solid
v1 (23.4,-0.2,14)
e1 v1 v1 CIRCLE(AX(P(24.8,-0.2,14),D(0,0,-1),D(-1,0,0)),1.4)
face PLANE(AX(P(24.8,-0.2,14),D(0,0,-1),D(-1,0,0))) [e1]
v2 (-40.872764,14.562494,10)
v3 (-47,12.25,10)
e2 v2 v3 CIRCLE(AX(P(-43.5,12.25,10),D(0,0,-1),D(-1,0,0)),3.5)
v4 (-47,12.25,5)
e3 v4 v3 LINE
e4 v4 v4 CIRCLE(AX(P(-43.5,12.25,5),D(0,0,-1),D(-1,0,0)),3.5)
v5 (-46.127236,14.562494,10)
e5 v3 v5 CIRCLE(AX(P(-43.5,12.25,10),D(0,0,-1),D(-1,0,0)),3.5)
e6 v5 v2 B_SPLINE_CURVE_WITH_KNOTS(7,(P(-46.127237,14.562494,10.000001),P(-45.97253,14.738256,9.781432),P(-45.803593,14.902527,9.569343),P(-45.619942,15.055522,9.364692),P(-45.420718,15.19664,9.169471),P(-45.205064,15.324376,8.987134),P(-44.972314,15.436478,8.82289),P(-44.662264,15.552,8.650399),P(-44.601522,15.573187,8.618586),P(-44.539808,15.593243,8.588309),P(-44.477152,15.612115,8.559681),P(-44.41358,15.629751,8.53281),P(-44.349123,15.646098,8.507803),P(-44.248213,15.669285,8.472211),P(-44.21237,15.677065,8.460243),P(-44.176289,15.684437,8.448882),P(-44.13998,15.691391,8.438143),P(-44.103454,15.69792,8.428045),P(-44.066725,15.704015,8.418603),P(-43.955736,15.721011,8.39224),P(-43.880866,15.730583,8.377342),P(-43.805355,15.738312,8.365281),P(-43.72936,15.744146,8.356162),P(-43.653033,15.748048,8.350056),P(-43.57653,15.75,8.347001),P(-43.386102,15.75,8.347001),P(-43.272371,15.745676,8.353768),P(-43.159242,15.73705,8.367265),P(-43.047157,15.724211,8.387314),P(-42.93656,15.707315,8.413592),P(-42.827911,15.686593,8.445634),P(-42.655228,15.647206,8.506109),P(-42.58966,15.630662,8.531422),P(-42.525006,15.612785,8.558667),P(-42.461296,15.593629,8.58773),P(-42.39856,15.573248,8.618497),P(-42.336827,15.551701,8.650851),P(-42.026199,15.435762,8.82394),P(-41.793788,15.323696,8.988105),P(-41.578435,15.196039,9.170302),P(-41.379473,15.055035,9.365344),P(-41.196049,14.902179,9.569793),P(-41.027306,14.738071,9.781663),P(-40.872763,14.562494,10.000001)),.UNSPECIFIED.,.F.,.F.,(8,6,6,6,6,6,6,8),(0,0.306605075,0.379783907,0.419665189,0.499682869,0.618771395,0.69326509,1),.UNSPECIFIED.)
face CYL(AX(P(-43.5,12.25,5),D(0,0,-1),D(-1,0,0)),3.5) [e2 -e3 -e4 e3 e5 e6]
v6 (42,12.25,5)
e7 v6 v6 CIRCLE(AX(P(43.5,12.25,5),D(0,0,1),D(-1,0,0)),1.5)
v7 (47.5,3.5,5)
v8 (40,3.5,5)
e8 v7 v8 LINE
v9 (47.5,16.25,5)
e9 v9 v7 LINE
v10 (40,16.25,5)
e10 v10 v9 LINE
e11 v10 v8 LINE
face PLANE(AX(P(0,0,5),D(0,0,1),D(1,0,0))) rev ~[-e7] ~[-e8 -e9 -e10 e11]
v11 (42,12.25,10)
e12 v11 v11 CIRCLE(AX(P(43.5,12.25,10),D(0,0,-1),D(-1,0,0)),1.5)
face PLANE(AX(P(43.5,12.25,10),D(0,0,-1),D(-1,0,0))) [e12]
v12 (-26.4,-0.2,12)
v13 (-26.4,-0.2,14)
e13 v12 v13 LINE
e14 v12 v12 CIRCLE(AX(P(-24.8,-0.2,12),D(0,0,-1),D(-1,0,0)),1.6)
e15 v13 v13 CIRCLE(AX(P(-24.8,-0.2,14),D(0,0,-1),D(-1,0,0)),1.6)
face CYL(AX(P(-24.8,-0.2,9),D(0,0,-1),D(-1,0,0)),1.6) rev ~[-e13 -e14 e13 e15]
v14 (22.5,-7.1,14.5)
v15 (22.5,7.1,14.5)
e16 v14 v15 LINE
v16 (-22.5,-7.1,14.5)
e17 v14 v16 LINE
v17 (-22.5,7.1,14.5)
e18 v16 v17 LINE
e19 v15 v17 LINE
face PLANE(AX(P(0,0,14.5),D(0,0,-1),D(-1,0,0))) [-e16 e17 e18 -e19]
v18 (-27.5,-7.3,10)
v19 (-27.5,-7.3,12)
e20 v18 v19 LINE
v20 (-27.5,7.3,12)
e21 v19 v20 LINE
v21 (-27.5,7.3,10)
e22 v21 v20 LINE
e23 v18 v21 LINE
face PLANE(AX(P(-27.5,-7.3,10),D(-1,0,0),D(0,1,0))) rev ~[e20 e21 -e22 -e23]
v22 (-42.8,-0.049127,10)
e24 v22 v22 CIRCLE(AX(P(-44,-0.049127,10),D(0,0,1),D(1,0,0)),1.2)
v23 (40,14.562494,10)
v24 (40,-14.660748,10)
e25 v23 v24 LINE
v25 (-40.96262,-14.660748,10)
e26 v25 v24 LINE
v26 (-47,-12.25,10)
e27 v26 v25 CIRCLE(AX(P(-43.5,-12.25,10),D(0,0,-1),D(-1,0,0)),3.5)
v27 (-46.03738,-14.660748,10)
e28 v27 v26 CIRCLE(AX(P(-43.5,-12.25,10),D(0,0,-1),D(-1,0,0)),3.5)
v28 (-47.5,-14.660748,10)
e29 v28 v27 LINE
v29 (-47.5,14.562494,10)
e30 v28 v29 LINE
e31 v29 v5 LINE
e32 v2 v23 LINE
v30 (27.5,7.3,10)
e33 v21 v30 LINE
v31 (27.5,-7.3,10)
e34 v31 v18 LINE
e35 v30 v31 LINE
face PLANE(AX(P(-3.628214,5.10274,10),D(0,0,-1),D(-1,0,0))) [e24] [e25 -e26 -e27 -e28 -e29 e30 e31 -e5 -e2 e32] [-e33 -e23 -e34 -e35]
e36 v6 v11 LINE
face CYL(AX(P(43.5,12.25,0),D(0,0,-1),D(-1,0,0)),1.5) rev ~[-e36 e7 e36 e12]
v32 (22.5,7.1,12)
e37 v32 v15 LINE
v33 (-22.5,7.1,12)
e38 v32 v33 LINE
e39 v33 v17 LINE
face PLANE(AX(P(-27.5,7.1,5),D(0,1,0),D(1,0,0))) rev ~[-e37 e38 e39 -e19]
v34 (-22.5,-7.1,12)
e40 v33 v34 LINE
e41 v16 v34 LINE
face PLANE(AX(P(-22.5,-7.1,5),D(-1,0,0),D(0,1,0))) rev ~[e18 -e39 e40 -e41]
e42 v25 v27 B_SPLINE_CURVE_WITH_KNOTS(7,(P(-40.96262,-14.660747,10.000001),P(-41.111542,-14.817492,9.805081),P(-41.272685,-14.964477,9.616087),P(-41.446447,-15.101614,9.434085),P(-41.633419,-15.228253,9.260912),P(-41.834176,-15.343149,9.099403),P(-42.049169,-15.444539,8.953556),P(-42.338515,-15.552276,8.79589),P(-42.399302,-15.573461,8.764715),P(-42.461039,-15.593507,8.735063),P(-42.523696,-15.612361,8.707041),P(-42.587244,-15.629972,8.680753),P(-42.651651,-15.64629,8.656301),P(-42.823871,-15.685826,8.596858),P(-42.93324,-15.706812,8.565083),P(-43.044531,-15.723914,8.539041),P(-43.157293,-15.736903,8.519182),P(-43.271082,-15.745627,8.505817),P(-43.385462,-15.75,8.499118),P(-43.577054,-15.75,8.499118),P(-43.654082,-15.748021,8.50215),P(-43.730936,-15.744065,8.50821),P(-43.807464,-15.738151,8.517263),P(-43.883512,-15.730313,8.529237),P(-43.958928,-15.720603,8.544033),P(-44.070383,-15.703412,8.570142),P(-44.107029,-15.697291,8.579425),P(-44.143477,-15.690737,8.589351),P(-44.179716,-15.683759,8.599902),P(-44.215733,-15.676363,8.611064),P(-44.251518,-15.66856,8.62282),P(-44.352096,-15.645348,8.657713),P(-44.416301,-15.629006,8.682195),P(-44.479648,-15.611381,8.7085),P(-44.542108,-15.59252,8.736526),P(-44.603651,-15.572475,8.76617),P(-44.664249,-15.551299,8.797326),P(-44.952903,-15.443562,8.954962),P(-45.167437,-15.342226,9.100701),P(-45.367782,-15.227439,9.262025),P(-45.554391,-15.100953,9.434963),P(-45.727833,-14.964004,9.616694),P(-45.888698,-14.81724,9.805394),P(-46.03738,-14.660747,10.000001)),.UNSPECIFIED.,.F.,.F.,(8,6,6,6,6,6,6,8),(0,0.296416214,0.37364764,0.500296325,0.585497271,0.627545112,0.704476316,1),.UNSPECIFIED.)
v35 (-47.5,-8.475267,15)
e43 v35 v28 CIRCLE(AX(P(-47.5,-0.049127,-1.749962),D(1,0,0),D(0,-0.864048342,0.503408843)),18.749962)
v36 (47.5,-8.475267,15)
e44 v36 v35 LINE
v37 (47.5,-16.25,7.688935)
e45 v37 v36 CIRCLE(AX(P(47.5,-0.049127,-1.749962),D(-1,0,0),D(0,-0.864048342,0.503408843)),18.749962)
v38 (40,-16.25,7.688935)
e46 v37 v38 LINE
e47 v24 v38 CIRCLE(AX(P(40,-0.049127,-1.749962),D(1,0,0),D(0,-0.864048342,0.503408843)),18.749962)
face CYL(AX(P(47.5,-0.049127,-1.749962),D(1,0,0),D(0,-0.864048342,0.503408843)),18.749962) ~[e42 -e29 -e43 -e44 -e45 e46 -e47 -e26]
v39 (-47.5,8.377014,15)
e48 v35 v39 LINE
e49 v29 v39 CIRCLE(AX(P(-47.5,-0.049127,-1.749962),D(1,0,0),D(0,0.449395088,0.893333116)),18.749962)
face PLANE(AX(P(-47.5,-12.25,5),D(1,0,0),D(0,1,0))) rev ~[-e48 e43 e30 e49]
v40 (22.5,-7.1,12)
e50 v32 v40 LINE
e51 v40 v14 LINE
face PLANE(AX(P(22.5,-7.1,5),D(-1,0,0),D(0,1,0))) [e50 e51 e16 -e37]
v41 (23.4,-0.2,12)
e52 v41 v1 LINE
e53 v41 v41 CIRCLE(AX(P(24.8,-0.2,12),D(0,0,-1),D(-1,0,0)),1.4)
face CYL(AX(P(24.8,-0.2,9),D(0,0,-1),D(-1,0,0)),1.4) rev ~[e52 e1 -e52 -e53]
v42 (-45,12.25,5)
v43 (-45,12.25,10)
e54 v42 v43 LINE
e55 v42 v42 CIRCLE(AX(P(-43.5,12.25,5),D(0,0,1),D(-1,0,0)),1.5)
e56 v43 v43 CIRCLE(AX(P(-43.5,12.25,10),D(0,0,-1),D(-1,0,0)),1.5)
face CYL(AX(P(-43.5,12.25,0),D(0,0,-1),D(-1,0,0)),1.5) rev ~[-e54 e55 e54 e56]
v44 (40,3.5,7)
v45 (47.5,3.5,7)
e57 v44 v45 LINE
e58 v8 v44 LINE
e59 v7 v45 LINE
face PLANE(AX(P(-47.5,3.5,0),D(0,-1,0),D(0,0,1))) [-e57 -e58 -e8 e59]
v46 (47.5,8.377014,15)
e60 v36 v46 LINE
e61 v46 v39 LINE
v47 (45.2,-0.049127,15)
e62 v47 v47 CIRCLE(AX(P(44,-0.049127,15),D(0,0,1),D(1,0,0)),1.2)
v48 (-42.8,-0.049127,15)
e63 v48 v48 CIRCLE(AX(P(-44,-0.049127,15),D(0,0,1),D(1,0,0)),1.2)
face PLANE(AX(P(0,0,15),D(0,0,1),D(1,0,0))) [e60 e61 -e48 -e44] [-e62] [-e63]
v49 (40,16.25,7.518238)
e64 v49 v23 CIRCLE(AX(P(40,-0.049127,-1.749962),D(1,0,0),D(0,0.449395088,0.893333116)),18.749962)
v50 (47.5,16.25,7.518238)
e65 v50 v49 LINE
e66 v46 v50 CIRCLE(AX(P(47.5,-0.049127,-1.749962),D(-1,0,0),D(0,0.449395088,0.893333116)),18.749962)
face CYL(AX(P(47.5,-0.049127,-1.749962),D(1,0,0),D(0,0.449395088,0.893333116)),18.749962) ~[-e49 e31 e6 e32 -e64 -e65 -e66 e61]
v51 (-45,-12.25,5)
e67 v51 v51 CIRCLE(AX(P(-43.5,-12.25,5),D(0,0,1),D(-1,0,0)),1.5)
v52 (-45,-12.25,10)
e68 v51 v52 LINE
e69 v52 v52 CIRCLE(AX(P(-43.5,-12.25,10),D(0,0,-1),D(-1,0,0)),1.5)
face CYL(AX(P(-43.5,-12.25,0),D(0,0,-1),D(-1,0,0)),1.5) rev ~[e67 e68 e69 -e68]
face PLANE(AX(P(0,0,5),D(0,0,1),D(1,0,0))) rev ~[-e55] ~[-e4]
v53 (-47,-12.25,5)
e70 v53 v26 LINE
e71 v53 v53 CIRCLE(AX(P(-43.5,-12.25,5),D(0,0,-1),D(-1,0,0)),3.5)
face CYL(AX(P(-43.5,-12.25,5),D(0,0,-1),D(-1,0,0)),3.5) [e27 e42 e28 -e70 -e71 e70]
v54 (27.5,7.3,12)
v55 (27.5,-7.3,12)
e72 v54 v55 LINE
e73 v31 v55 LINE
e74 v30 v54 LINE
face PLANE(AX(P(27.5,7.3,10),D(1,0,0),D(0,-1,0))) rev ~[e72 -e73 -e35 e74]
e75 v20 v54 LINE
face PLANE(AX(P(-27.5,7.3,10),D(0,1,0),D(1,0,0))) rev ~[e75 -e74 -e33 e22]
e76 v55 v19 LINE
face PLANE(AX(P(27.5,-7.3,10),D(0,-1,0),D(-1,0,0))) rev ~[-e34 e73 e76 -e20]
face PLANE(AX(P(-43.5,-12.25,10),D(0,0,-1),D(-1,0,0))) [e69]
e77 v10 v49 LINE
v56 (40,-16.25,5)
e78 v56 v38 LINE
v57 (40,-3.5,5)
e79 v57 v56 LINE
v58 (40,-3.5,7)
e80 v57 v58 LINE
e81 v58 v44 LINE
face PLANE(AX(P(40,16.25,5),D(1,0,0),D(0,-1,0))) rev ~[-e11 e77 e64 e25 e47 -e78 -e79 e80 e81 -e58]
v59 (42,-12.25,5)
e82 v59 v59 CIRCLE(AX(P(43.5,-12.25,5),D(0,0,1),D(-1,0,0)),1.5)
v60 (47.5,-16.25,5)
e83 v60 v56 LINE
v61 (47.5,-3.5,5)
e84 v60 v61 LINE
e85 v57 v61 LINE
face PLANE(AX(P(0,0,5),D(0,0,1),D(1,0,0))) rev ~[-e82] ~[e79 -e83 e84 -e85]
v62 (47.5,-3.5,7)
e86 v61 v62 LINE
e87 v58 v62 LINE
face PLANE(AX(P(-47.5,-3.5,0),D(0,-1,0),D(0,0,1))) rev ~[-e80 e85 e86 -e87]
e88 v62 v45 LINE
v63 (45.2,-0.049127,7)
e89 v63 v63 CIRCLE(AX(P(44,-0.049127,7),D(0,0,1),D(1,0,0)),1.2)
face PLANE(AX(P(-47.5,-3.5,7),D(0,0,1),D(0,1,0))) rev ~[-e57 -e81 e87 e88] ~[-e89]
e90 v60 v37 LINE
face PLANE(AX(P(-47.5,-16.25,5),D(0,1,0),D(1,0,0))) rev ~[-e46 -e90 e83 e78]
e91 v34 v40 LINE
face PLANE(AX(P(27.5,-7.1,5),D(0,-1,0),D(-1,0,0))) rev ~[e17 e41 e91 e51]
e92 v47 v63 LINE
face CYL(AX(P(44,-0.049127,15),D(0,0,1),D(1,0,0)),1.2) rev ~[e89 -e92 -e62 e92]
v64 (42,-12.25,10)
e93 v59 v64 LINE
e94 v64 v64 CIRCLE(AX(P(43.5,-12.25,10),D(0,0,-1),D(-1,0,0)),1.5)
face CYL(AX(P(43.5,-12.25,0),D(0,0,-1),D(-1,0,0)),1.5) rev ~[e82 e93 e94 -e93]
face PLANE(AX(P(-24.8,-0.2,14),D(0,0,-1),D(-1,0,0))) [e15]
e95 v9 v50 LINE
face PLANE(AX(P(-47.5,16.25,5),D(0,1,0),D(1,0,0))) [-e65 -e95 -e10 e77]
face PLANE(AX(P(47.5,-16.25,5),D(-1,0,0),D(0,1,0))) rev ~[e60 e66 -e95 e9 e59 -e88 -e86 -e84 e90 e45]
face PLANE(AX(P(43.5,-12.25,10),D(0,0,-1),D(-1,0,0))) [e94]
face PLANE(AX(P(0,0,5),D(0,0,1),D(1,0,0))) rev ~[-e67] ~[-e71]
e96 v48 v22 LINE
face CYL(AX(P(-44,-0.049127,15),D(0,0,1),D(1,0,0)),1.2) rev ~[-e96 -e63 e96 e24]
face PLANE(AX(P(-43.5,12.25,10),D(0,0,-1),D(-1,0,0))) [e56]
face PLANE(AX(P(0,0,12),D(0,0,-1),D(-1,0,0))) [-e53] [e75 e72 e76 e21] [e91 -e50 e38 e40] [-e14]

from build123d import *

# Parameters (mm, degrees)
SKETCH1_R             = 4
SKETCH1_R_2           = 1.5
BOSS_EXTRUDE1_DEPTH   = 5
BOSS_EXTRUDE1_2_DEPTH = 5
BOSS_EXTRUDE1_3_DEPTH = 5
BOSS_EXTRUDE1_4_DEPTH = 5
SKETCH2_W             = 95
SKETCH2_H             = 32.5
BOSS_EXTRUDE2_DEPTH   = 10
SKETCH3_W             = 45
SKETCH3_H             = 14.2
CUT_EXTRUDE1_DEPTH    = 9
SKETCH4_W             = 5
SKETCH4_H             = 14.2
SKETCH4_W_2           = 45
CUT_EXTRUDE2_DEPTH    = 4
SKETCH5_R             = 1.4
SKETCH5_R_2           = 1.6
CUT_EXTRUDE3_DEPTH    = 5
BOSS_EXTRUDE3_DEPTH   = 5
CUT_EXTRUDE5_DEPTH    = 96
SKETCH9_W             = 7
SKETCH9_H             = 7
CUT_EXTRUDE6_DEPTH    = 96
SKETCH10_R            = 1.2
CUT_EXTRUDE7_DEPTH    = 16
SKETCH12_R            = 1.5
CUT_EXTRUDE9_DEPTH    = 10
SKETCH13_W            = 95
SKETCH13_H            = 32.5
CUT_EXTRUDE10_DEPTH   = 5
SKETCH14_R            = 3.5
CUT_EXTRUDE11_DEPTH   = 5
SKETCH15_W            = 45
SKETCH15_H            = 14.2
CUT_EXTRUDE12_DEPTH   = 0.5
SKETCH16_R            = 1.4
SKETCH16_R_2          = 1.6
SKETCH16_W            = 45
SKETCH16_H            = 14.2
CUT_EXTRUDE13_DEPTH   = 2


with BuildPart() as part:
    # Sketch1 → Boss-Extrude1 (new body)
    with BuildSketch(Plane.XY):
        with Locations((-43.5, -12.25)):
            Circle(SKETCH1_R)
        with Locations((-43.5, -12.25)):
            Circle(SKETCH1_R_2, mode=Mode.SUBTRACT)
    extrude(amount=BOSS_EXTRUDE1_DEPTH)



with BuildPart() as body_2:
    # Sketch1 → Boss-Extrude1 2 (new body)
    with BuildSketch(Plane.XY):
        with Locations((-43.5, 12.25)):
            Circle(SKETCH1_R)
        with Locations((-43.5, 12.25)):
            Circle(SKETCH1_R_2, mode=Mode.SUBTRACT)
    extrude(amount=BOSS_EXTRUDE1_2_DEPTH)


with BuildPart() as body_3:
    # Sketch1 → Boss-Extrude1 3 (new body)
    with BuildSketch(Plane.XY):
        with Locations((43.5, -12.25)):
            Circle(SKETCH1_R)
        with Locations((43.5, -12.25)):
            Circle(SKETCH1_R_2, mode=Mode.SUBTRACT)
    extrude(amount=BOSS_EXTRUDE1_3_DEPTH)


with BuildPart() as body_4:
    # Sketch1 → Boss-Extrude1 4 (new body)
    with BuildSketch(Plane.XY):
        with Locations((43.5, 12.25)):
            Circle(SKETCH1_R)
        with Locations((43.5, 12.25)):
            Circle(SKETCH1_R_2, mode=Mode.SUBTRACT)
    extrude(amount=BOSS_EXTRUDE1_4_DEPTH)


with BuildPart() as part_1:
    add(part.part)

    add(body_2.part)  # Boss-Extrude2 merges body 2

    add(body_3.part)  # Boss-Extrude2 merges body 3

    add(body_4.part)  # Boss-Extrude2 merges body 4
    # Sketch2 → Boss-Extrude2 (add)
    with BuildSketch(Plane.XY.offset(5)):
        Rectangle(SKETCH2_W, SKETCH2_H)
    extrude(amount=BOSS_EXTRUDE2_DEPTH)

    # Sketch3 → Cut-Extrude1 (cut)
    with BuildSketch(Plane(origin=(0, 0, 5), x_dir=(-1, 0, 0), z_dir=(0, 0, -1))):
        Rectangle(SKETCH3_W, SKETCH3_H)
    extrude(amount=-CUT_EXTRUDE1_DEPTH, mode=Mode.SUBTRACT)

    # Sketch4 → Cut-Extrude2 (cut)
    with BuildSketch(Plane(origin=(0, 0, 5), x_dir=(-1, 0, 0), z_dir=(0, 0, -1))):
        with Locations((-25, 0)):
            Rectangle(SKETCH4_W, SKETCH4_H)
        Rectangle(SKETCH4_W_2, SKETCH4_H)
        with Locations((25, 0)):
            Rectangle(SKETCH4_W, SKETCH4_H)
    extrude(amount=-CUT_EXTRUDE2_DEPTH, mode=Mode.SUBTRACT)

    # Sketch5 → Cut-Extrude3 (cut)
    with BuildSketch(Plane(origin=(0, 0, 9), x_dir=(-1, 0, 0), z_dir=(0, 0, -1))):
        with Locations((-24.8, -0.2)):
            Circle(SKETCH5_R)
        with Locations((24.8, -0.2)):
            Circle(SKETCH5_R_2)
    extrude(amount=-CUT_EXTRUDE3_DEPTH, mode=Mode.SUBTRACT)

    # Sketch6 → Boss-Extrude3 (add)
    with BuildSketch(Plane(origin=(0, 0, 5), x_dir=(-1, 0, 0), z_dir=(0, 0, -1))):
        with BuildLine():
            ThreePointArc((47.5, 12.25), (43.5, 8.25), (39.5, 12.25))
            Line((39.5, 12.25), (39.5, -12.25))
            ThreePointArc((39.5, -12.25), (43.5, -8.25), (47.5, -12.25))
            Line((47.5, -12.25), (47.5, 12.25))
        make_face()
        with BuildLine():
            ThreePointArc((-39.5, 12.25), (-43.5, 8.25), (-47.5, 12.25))
            Line((-47.5, 12.25), (-47.5, -12.25))
            ThreePointArc((-47.5, -12.25), (-43.5, -8.25), (-39.5, -12.25))
            Line((-39.5, -12.25), (-39.5, 12.25))
        make_face()
    extrude(amount=BOSS_EXTRUDE3_DEPTH)

    # Sketch8 → Cut-Extrude5 (cut, through all)
    with BuildSketch(Plane(origin=(47.5, 0, 0), x_dir=(0, 0, -1), z_dir=(1, 0, 0))):
        with BuildLine():
            ThreePointArc((-15, 8.377014021), (-11.841659381, 12.867099577), (-7.518238456, 16.25))
            Line((-7.518238456, 16.25), (-15, 16.25))
            Line((-15, 16.25), (-15, 8.377014021))
        make_face()
        with BuildLine():
            Line((-15, -16.25), (-7.688934819, -16.25))
            ThreePointArc((-7.688934819, -16.25), (-11.909309532, -12.893789895), (-15, -8.475267356))
            Line((-15, -8.475267356), (-15, -16.25))
        make_face()
    extrude(amount=-CUT_EXTRUDE5_DEPTH, mode=Mode.SUBTRACT)

    # Sketch9 → Cut-Extrude6 (cut, through all)
    with BuildSketch(Plane.ZY.offset(47.5)):
        with Locations((3.5, 0)):
            Rectangle(SKETCH9_W, SKETCH9_H)
    extrude(amount=-CUT_EXTRUDE6_DEPTH, mode=Mode.SUBTRACT)

    # Sketch10 → Cut-Extrude7 (cut, through all)
    with BuildSketch(Plane.XY.offset(15)):
        with Locations((-44, -0.049126667)):
            Circle(SKETCH10_R)
        with Locations((44, -0.049126667)):
            Circle(SKETCH10_R)
    extrude(amount=-CUT_EXTRUDE7_DEPTH, mode=Mode.SUBTRACT)

    # Sketch12 → Cut-Extrude9 (cut)
    with BuildSketch(Plane(origin=(0, 0, 0), x_dir=(-1, 0, 0), z_dir=(0, 0, -1))):
        with Locations((-43.5, 12.25)):
            Circle(SKETCH12_R)
        with Locations((-43.5, -12.25)):
            Circle(SKETCH12_R)
        with Locations((43.5, 12.25)):
            Circle(SKETCH12_R)
        with Locations((43.5, -12.25)):
            Circle(SKETCH12_R)
    extrude(amount=-CUT_EXTRUDE9_DEPTH, mode=Mode.SUBTRACT)

    # Sketch13 → Cut-Extrude10 (cut)
    with BuildSketch(Plane(origin=(0, 0, 0), x_dir=(-1, 0, 0), z_dir=(0, 0, -1))):
        Rectangle(SKETCH13_W, SKETCH13_H)
    extrude(amount=-CUT_EXTRUDE10_DEPTH, mode=Mode.SUBTRACT)

    # Sketch14 → Cut-Extrude11 (cut)
    with BuildSketch(Plane(origin=(0, 0, 5), x_dir=(-1, 0, 0), z_dir=(0, 0, -1))):
        Polygon((-40, 16.25), (-40, -3.5), (-27.5, -3.5), (-27.5, -7.1), (27.5, -7.1), (27.5, -3.5), (47.5, -3.5), (47.5, 16.25), align=None)
        with Locations((43.5, 12.25)):
            Circle(SKETCH14_R, mode=Mode.SUBTRACT)
        Polygon((-40, -3.5), (-40, -12.25), (-40, -16.25), (47.5, -16.25), (47.5, -3.5), (27.5, -3.5), (27.5, -7.1), (-27.5, -7.1), (-27.5, -3.5), align=None)
        with Locations((43.5, -12.25)):
            Circle(SKETCH14_R, mode=Mode.SUBTRACT)
    extrude(amount=-CUT_EXTRUDE11_DEPTH, mode=Mode.SUBTRACT)

    # Sketch15 → Cut-Extrude12 (cut)
    with BuildSketch(Plane(origin=(0, 0, 14), x_dir=(-1, 0, 0), z_dir=(0, 0, -1))):
        Rectangle(SKETCH15_W, SKETCH15_H)
    extrude(amount=-CUT_EXTRUDE12_DEPTH, mode=Mode.SUBTRACT)

    # Sketch16 → Cut-Extrude13 (cut)
    with BuildSketch(Plane(origin=(0, 0, 10), x_dir=(-1, 0, 0), z_dir=(0, 0, -1))):
        Polygon((-27.5, 7.3), (-27.5, 7.1), (-27.5, -7.3), (27.5, -7.3), (27.5, -7.1), (27.5, 7.3), align=None)
        with Locations((-24.8, -0.2)):
            Circle(SKETCH16_R, mode=Mode.SUBTRACT)
        with Locations((24.8, -0.2)):
            Circle(SKETCH16_R_2, mode=Mode.SUBTRACT)
        Rectangle(SKETCH16_W, SKETCH16_H, mode=Mode.SUBTRACT)
        Rectangle(SKETCH16_W, SKETCH16_H)
    extrude(amount=-CUT_EXTRUDE13_DEPTH, mode=Mode.SUBTRACT)


solid = part_1.part
